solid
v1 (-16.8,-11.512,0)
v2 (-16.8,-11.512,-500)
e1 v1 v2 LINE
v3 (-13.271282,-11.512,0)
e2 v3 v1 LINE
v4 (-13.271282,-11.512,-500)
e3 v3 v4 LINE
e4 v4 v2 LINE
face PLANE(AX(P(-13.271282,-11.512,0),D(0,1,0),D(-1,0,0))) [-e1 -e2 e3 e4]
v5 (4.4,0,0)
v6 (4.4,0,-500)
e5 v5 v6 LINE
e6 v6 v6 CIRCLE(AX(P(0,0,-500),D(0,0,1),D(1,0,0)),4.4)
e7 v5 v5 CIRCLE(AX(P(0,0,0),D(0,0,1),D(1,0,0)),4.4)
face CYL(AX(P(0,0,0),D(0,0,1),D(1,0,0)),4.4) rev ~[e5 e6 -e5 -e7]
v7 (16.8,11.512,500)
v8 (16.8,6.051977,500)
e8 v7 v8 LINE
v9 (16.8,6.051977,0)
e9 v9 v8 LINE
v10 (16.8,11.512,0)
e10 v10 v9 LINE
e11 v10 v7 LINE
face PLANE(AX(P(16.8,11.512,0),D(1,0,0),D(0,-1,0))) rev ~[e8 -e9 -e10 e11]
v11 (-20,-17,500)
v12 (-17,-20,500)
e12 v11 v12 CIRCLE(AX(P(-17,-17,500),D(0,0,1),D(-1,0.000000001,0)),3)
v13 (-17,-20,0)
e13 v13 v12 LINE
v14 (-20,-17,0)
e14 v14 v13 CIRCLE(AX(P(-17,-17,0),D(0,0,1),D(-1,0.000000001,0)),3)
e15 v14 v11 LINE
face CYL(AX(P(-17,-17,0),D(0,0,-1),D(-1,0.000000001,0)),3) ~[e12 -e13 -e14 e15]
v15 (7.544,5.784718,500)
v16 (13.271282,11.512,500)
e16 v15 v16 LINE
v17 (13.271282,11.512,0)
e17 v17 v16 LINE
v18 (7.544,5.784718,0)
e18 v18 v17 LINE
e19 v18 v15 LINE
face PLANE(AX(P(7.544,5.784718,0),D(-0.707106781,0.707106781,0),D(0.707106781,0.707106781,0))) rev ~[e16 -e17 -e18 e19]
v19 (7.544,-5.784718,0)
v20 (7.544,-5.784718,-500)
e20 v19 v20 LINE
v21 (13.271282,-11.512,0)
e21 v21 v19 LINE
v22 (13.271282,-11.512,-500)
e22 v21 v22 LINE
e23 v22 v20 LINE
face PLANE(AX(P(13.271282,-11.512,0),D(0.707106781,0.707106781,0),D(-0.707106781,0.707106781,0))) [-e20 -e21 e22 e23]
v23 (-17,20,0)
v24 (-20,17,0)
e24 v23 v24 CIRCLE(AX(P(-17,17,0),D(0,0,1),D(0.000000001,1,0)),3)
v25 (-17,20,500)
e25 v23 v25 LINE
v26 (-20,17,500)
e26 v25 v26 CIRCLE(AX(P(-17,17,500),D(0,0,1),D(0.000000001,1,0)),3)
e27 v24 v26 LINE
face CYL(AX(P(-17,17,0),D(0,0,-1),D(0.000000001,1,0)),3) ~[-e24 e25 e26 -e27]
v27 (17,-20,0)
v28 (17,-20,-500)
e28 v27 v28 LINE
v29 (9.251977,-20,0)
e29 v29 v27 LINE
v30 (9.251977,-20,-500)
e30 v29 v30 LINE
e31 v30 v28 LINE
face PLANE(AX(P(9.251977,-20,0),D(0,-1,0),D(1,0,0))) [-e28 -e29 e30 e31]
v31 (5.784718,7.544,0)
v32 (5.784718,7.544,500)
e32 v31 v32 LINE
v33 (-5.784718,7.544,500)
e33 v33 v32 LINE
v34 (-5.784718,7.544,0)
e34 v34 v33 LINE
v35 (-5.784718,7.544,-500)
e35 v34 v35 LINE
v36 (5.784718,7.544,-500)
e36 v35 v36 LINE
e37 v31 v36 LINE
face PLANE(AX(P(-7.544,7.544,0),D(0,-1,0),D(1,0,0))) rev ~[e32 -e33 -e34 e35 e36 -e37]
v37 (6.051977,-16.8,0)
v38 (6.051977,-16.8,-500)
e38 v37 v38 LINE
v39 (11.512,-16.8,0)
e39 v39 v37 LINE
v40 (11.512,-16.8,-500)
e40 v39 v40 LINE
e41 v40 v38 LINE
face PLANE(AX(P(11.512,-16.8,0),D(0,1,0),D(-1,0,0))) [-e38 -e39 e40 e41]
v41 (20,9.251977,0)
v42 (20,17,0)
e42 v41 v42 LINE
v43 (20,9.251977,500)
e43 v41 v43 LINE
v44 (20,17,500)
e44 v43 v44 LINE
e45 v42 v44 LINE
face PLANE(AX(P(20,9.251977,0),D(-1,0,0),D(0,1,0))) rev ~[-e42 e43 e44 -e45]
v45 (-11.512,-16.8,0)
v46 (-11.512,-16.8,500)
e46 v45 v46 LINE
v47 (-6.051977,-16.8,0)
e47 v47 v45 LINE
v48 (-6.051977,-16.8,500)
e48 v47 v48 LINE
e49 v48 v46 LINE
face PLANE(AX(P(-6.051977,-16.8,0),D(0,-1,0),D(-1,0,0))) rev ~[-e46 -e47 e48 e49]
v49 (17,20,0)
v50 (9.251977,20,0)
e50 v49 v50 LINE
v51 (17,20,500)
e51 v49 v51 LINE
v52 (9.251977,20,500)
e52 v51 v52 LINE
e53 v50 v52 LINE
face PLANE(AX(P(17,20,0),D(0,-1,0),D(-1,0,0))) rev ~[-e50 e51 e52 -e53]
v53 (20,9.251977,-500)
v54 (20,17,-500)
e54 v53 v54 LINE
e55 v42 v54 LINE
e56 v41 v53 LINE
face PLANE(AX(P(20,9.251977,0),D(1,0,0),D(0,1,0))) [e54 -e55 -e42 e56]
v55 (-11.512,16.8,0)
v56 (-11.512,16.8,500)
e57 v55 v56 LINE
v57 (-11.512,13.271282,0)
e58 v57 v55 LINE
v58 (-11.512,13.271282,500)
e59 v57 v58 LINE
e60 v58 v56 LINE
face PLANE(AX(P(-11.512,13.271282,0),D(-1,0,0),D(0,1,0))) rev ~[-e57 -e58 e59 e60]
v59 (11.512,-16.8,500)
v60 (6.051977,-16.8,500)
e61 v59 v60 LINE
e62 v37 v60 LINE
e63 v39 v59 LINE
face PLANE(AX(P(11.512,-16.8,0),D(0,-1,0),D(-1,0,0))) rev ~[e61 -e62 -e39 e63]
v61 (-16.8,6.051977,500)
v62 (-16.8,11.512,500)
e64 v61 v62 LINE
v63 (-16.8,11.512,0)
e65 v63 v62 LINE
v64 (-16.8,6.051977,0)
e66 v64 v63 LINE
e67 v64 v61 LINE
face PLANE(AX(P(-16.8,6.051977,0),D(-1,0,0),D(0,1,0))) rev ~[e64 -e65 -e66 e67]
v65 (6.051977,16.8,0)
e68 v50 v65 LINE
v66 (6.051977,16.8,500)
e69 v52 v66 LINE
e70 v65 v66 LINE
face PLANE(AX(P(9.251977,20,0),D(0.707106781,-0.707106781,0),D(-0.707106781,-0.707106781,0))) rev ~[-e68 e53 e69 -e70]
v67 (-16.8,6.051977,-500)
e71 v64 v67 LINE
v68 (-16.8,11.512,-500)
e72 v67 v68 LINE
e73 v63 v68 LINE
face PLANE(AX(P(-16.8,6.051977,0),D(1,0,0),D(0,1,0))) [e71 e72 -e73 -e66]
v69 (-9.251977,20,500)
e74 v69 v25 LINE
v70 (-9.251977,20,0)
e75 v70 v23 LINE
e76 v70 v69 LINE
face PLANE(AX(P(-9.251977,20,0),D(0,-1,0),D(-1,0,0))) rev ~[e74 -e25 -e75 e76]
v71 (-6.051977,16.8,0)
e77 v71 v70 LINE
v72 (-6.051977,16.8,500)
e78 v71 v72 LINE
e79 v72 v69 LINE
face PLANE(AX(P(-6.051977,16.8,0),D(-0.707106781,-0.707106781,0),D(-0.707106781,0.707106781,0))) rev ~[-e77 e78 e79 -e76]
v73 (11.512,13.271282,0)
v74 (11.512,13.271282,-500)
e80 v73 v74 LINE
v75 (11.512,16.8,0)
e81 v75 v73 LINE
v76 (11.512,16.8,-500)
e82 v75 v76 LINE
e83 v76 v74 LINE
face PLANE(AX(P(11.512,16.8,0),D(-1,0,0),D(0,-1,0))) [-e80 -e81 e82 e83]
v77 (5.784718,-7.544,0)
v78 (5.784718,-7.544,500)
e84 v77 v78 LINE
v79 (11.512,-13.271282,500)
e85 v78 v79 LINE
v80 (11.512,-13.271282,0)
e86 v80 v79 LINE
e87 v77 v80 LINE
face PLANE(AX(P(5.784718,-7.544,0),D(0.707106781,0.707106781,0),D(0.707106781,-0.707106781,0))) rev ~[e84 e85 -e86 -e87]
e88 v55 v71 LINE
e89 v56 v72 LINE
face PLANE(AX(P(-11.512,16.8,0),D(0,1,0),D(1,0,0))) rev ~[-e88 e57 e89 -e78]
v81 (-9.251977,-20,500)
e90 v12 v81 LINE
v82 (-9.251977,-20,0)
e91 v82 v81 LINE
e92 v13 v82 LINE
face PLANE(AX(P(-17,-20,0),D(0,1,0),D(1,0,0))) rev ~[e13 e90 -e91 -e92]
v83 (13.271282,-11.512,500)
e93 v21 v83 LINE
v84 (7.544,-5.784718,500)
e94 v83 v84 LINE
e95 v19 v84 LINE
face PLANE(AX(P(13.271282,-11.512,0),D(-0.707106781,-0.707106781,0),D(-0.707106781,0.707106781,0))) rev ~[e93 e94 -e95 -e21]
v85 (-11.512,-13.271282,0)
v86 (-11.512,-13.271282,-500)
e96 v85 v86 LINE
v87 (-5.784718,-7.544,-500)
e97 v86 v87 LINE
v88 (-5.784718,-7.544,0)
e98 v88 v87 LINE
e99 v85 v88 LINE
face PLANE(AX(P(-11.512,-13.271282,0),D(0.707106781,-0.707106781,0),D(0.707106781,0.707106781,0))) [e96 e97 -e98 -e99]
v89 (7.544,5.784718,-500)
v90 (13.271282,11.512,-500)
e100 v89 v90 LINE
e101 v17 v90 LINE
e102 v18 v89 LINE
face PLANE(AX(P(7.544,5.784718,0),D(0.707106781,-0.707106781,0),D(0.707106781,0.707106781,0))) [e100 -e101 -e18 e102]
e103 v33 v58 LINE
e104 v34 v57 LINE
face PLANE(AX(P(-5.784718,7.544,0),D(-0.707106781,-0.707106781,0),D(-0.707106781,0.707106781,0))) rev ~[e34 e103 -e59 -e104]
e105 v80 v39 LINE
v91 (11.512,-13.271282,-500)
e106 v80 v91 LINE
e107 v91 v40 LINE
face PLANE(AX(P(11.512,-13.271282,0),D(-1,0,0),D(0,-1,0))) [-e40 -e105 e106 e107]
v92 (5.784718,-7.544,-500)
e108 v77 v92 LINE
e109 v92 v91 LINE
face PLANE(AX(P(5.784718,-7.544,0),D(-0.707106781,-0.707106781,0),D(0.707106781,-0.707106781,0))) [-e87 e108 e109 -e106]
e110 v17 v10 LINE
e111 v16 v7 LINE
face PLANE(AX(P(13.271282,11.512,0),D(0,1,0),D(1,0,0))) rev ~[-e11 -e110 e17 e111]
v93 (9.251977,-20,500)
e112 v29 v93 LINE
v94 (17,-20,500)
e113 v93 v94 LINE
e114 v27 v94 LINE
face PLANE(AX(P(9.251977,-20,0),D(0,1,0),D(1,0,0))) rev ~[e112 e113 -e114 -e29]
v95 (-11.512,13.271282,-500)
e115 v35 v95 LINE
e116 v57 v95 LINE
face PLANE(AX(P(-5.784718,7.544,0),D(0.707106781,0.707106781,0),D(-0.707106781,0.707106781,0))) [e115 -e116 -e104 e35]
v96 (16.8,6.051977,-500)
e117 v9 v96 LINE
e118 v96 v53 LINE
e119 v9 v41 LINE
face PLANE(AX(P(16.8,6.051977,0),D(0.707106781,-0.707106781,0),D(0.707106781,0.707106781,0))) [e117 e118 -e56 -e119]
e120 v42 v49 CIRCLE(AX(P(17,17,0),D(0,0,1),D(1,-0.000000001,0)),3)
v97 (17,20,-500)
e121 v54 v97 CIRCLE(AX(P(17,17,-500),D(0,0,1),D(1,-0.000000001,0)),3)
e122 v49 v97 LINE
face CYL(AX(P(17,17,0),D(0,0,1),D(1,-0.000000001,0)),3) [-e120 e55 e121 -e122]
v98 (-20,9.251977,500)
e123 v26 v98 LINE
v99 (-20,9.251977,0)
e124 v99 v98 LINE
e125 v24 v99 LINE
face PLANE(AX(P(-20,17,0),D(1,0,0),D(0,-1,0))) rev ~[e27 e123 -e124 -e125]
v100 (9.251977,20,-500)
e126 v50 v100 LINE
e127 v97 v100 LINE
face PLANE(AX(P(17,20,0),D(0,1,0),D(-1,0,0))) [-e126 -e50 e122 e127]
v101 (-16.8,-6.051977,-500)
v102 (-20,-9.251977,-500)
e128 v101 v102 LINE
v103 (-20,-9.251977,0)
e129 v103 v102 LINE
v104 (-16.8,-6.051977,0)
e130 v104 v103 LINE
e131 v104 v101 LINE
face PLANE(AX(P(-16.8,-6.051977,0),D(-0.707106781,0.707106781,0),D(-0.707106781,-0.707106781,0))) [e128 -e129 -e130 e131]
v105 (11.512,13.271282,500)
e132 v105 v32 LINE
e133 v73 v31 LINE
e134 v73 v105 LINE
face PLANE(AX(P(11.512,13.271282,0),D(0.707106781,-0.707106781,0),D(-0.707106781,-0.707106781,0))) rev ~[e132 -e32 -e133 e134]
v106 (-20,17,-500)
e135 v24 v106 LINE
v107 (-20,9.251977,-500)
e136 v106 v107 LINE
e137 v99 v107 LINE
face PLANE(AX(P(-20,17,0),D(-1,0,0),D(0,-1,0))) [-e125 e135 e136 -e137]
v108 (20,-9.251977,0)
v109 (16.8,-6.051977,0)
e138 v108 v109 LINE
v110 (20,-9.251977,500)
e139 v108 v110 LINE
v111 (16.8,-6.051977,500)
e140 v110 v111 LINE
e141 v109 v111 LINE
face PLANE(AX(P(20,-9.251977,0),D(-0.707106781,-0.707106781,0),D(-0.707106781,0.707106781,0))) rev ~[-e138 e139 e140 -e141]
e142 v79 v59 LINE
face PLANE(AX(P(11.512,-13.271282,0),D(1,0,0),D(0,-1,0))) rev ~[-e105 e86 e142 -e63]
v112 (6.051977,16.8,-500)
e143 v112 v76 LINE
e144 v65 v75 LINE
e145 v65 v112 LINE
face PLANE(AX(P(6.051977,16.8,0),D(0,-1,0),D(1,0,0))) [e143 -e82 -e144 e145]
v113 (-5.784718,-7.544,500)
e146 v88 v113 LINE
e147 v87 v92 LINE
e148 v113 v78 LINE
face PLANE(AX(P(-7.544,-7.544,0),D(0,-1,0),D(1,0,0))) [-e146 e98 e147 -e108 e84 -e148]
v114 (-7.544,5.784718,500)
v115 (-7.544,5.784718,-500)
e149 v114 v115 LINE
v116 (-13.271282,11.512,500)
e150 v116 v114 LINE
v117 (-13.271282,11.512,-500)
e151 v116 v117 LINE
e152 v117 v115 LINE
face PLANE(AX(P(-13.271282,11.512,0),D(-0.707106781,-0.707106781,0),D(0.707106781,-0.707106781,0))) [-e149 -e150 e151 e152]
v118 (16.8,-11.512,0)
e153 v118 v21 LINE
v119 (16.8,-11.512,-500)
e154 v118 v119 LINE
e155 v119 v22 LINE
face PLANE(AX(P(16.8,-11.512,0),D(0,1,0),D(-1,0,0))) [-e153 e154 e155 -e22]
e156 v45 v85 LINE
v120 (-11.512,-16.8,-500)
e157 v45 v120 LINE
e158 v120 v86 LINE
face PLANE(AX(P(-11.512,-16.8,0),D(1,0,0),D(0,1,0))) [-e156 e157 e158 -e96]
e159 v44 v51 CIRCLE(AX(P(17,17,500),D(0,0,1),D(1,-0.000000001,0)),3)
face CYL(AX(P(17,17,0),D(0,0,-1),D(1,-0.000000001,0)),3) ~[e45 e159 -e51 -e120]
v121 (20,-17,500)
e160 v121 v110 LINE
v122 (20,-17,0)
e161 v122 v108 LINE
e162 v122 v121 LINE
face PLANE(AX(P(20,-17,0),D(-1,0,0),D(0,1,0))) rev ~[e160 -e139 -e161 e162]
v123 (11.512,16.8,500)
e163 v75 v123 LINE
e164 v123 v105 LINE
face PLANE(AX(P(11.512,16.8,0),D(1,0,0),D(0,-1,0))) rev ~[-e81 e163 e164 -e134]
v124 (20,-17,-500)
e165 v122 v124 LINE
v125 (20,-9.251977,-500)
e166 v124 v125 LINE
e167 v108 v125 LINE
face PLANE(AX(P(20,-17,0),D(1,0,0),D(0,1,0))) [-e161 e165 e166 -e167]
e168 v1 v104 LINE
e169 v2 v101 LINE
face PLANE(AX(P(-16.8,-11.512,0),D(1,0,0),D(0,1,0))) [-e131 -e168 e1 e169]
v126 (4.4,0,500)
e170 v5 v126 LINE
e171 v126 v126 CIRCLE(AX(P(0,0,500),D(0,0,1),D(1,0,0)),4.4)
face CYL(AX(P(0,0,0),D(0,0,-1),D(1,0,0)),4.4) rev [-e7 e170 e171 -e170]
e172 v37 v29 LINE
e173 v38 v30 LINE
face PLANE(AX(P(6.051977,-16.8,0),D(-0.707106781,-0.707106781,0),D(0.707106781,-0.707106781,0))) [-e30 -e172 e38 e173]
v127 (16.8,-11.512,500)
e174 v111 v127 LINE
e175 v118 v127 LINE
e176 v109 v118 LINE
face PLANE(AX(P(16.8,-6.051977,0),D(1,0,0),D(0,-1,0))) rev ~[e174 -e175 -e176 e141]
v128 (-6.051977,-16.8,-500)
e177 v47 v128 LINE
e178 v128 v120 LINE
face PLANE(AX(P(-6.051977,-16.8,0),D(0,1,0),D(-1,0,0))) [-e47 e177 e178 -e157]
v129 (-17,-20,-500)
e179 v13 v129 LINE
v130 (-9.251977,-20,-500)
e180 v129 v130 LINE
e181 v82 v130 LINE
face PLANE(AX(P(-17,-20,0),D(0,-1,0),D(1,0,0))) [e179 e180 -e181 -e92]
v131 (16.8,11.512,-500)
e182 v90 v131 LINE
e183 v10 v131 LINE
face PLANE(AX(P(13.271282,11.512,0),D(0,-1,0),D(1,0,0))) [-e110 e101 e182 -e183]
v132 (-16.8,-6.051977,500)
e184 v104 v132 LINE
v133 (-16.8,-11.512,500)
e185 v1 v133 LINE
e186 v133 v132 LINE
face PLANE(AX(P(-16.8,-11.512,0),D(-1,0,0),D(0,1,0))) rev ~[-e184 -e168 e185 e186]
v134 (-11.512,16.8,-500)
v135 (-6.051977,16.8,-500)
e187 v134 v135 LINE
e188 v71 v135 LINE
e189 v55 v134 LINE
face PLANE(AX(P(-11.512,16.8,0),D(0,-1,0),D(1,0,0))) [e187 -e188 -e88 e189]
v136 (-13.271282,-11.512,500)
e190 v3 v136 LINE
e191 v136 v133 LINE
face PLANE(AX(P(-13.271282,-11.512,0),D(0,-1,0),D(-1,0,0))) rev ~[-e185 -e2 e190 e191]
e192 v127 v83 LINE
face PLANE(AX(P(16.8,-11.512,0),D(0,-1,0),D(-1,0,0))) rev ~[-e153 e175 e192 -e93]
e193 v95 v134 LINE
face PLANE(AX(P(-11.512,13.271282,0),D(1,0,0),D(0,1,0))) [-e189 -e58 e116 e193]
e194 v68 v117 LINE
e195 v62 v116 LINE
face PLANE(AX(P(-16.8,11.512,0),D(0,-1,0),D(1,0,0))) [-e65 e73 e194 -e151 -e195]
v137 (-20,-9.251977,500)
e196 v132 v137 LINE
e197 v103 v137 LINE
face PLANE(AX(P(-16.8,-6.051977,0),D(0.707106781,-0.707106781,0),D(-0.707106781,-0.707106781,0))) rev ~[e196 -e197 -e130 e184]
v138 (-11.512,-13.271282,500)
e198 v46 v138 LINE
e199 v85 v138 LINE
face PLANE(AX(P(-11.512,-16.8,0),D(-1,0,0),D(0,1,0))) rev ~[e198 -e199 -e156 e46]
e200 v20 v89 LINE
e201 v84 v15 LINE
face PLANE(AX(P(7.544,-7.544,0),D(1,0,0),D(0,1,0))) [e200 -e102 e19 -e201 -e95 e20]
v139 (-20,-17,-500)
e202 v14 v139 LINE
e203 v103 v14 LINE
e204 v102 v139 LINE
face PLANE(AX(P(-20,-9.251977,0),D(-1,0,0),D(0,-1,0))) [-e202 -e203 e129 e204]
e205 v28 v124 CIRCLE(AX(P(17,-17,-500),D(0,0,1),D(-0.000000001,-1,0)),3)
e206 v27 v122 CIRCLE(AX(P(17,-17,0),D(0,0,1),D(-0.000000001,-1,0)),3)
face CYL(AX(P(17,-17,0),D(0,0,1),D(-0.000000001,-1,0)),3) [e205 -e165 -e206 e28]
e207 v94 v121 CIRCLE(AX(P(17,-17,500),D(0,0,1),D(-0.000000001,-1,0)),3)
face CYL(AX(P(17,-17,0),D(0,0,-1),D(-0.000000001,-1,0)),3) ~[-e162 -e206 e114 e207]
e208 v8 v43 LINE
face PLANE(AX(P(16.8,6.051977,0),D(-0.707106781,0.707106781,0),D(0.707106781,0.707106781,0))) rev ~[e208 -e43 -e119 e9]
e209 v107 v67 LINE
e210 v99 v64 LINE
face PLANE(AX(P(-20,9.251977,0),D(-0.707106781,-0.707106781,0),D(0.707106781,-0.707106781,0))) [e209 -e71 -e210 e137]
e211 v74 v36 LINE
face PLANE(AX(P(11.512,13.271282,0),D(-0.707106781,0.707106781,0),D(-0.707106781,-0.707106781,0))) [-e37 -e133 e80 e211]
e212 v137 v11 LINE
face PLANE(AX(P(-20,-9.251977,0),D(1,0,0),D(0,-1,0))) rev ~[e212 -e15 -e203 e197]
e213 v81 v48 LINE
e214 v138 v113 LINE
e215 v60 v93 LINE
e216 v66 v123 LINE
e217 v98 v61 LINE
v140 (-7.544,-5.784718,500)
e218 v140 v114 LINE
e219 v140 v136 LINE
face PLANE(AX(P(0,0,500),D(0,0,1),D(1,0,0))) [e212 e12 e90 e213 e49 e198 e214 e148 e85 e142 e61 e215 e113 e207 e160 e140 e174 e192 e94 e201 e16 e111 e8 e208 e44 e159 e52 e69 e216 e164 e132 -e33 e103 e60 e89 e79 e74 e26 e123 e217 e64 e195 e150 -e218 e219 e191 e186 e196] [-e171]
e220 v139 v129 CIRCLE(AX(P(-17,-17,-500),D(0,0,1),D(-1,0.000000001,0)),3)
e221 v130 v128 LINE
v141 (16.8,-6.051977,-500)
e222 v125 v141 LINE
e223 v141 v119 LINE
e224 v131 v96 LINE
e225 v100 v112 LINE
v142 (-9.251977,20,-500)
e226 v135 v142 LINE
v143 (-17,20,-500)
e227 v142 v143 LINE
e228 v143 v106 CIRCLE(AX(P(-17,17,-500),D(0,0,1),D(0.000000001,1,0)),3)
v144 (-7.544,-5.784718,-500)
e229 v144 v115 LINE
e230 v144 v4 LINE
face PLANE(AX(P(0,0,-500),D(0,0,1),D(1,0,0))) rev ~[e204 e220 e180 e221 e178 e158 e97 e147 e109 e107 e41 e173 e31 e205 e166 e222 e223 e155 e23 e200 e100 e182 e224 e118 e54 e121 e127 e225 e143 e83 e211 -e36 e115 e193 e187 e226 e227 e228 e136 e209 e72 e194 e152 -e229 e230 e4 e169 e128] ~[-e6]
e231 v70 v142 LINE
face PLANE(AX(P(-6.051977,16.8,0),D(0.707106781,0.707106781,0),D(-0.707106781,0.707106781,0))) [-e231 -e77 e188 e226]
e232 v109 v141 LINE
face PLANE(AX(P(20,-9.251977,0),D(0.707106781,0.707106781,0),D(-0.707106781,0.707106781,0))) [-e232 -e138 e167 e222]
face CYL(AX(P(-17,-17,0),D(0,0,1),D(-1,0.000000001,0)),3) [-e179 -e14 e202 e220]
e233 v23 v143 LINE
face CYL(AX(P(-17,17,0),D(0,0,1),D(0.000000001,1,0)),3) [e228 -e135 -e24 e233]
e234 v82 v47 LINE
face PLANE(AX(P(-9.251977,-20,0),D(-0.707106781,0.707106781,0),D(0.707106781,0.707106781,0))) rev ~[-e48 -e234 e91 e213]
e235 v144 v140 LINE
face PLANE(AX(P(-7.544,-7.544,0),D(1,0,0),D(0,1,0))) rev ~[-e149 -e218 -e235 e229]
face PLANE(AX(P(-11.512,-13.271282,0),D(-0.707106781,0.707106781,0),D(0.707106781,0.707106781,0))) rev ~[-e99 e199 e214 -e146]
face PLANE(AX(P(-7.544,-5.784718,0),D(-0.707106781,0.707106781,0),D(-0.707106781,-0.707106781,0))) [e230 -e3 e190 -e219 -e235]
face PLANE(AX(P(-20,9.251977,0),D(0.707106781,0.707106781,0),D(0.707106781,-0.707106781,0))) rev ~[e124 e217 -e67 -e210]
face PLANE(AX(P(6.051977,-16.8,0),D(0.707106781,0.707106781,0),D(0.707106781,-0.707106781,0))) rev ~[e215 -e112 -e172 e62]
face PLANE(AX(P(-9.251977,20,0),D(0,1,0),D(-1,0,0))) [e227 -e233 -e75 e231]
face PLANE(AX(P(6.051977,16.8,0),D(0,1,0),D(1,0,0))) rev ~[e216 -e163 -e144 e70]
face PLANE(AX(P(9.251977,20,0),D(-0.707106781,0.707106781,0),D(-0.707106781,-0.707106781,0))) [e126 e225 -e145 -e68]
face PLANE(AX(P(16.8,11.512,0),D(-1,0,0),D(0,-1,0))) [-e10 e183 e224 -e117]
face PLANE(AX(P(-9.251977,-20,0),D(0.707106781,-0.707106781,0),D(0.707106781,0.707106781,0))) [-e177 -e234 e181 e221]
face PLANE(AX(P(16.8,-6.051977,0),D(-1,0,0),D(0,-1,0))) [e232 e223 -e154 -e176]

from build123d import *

# Parameters (mm, degrees)
SKETCH1_W           = 15.088
SKETCH1_H           = 15.088
SKETCH1_R           = 4.4
BOSS_EXTRUDE1_DEPTH = 500


with BuildPart() as part:
    # Sketch1 → Boss-Extrude1 (new, symmetric)
    # profile 1 of 5: a face of its own
    with BuildSketch(Plane.XY):
        with BuildLine():
            Line((-7.544, 7.544), (-5.784718328, 7.544))
            Line((-5.784718328, 7.544), (-11.512, 13.271281672))
            Line((-11.512, 13.271281672), (-11.512, 16.8))
            Line((-11.512, 16.8), (-6.051976926, 16.8))
            Line((-6.051976926, 16.8), (-9.251976926, 20))
            Line((-9.251976926, 20), (-17, 20))
            ThreePointArc((-17, 20), (-19.121320344, 19.121320344), (-20, 17))
            Line((-20, 17), (-20, 9.251976926))
            Line((-20, 9.251976926), (-16.8, 6.051976926))
            Line((-16.8, 6.051976926), (-16.8, 11.512))
            Line((-16.8, 11.512), (-13.271281672, 11.512))
            Line((-13.271281672, 11.512), (-7.544, 5.784718328))
            Line((-7.544, 5.784718328), (-7.544, 7.544))
        make_face()
    # profile 2 of 5: a face of its own
    with BuildSketch(Plane.XY):
        with BuildLine():
            Line((11.512, 13.271281672), (5.784718328, 7.544))
            Line((5.784718328, 7.544), (7.544, 7.544))
            Line((7.544, 7.544), (7.544, 5.784718328))
            Line((7.544, 5.784718328), (13.271281672, 11.512))
            Line((13.271281672, 11.512), (16.8, 11.512))
            Line((16.8, 11.512), (16.8, 6.051976926))
            Line((16.8, 6.051976926), (20, 9.251976926))
            Line((20, 9.251976926), (20, 17))
            ThreePointArc((20, 17), (19.121320344, 19.121320344), (17, 20))
            Line((17, 20), (9.251976926, 20))
            Line((9.251976926, 20), (6.051976926, 16.8))
            Line((6.051976926, 16.8), (11.512, 16.8))
            Line((11.512, 16.8), (11.512, 13.271281672))
        make_face()
    # profile 3 of 5: a face of its own
    with BuildSketch(Plane.XY):
        with BuildLine():
            Line((-7.544, -7.544), (-7.544, -5.784718328))
            Line((-7.544, -5.784718328), (-13.271281672, -11.512))
            Line((-13.271281672, -11.512), (-16.8, -11.512))
            Line((-16.8, -11.512), (-16.8, -6.051976926))
            Line((-16.8, -6.051976926), (-20, -9.251976926))
            Line((-20, -9.251976926), (-20, -17))
            ThreePointArc((-20, -17), (-19.121320344, -19.121320344), (-17, -20))
            Line((-17, -20), (-9.251976926, -20))
            Line((-9.251976926, -20), (-6.051976926, -16.8))
            Line((-6.051976926, -16.8), (-11.512, -16.8))
            Line((-11.512, -16.8), (-11.512, -13.271281672))
            Line((-11.512, -13.271281672), (-5.784718328, -7.544))
            Line((-5.784718328, -7.544), (-7.544, -7.544))
        make_face()
    # profile 4 of 5: a face of its own
    with BuildSketch(Plane.XY):
        with BuildLine():
            Line((13.271281672, -11.512), (7.544, -5.784718328))
            Line((7.544, -5.784718328), (7.544, -7.544))
            Line((7.544, -7.544), (5.784718328, -7.544))
            Line((5.784718328, -7.544), (11.512, -13.271281672))
            Line((11.512, -13.271281672), (11.512, -16.8))
            Line((11.512, -16.8), (6.051976926, -16.8))
            Line((6.051976926, -16.8), (9.251976926, -20))
            Line((9.251976926, -20), (17, -20))
            ThreePointArc((17, -20), (19.121320344, -19.121320344), (20, -17))
            Line((20, -17), (20, -9.251976926))
            Line((20, -9.251976926), (16.8, -6.051976926))
            Line((16.8, -6.051976926), (16.8, -11.512))
            Line((16.8, -11.512), (13.271281672, -11.512))
        make_face()
    # profile 5 of 5: a face of its own
    with BuildSketch(Plane.XY):
        Rectangle(SKETCH1_W, SKETCH1_H)
        Circle(SKETCH1_R, mode=Mode.SUBTRACT)
    extrude(amount=BOSS_EXTRUDE1_DEPTH, both=True)


solid = part.part
